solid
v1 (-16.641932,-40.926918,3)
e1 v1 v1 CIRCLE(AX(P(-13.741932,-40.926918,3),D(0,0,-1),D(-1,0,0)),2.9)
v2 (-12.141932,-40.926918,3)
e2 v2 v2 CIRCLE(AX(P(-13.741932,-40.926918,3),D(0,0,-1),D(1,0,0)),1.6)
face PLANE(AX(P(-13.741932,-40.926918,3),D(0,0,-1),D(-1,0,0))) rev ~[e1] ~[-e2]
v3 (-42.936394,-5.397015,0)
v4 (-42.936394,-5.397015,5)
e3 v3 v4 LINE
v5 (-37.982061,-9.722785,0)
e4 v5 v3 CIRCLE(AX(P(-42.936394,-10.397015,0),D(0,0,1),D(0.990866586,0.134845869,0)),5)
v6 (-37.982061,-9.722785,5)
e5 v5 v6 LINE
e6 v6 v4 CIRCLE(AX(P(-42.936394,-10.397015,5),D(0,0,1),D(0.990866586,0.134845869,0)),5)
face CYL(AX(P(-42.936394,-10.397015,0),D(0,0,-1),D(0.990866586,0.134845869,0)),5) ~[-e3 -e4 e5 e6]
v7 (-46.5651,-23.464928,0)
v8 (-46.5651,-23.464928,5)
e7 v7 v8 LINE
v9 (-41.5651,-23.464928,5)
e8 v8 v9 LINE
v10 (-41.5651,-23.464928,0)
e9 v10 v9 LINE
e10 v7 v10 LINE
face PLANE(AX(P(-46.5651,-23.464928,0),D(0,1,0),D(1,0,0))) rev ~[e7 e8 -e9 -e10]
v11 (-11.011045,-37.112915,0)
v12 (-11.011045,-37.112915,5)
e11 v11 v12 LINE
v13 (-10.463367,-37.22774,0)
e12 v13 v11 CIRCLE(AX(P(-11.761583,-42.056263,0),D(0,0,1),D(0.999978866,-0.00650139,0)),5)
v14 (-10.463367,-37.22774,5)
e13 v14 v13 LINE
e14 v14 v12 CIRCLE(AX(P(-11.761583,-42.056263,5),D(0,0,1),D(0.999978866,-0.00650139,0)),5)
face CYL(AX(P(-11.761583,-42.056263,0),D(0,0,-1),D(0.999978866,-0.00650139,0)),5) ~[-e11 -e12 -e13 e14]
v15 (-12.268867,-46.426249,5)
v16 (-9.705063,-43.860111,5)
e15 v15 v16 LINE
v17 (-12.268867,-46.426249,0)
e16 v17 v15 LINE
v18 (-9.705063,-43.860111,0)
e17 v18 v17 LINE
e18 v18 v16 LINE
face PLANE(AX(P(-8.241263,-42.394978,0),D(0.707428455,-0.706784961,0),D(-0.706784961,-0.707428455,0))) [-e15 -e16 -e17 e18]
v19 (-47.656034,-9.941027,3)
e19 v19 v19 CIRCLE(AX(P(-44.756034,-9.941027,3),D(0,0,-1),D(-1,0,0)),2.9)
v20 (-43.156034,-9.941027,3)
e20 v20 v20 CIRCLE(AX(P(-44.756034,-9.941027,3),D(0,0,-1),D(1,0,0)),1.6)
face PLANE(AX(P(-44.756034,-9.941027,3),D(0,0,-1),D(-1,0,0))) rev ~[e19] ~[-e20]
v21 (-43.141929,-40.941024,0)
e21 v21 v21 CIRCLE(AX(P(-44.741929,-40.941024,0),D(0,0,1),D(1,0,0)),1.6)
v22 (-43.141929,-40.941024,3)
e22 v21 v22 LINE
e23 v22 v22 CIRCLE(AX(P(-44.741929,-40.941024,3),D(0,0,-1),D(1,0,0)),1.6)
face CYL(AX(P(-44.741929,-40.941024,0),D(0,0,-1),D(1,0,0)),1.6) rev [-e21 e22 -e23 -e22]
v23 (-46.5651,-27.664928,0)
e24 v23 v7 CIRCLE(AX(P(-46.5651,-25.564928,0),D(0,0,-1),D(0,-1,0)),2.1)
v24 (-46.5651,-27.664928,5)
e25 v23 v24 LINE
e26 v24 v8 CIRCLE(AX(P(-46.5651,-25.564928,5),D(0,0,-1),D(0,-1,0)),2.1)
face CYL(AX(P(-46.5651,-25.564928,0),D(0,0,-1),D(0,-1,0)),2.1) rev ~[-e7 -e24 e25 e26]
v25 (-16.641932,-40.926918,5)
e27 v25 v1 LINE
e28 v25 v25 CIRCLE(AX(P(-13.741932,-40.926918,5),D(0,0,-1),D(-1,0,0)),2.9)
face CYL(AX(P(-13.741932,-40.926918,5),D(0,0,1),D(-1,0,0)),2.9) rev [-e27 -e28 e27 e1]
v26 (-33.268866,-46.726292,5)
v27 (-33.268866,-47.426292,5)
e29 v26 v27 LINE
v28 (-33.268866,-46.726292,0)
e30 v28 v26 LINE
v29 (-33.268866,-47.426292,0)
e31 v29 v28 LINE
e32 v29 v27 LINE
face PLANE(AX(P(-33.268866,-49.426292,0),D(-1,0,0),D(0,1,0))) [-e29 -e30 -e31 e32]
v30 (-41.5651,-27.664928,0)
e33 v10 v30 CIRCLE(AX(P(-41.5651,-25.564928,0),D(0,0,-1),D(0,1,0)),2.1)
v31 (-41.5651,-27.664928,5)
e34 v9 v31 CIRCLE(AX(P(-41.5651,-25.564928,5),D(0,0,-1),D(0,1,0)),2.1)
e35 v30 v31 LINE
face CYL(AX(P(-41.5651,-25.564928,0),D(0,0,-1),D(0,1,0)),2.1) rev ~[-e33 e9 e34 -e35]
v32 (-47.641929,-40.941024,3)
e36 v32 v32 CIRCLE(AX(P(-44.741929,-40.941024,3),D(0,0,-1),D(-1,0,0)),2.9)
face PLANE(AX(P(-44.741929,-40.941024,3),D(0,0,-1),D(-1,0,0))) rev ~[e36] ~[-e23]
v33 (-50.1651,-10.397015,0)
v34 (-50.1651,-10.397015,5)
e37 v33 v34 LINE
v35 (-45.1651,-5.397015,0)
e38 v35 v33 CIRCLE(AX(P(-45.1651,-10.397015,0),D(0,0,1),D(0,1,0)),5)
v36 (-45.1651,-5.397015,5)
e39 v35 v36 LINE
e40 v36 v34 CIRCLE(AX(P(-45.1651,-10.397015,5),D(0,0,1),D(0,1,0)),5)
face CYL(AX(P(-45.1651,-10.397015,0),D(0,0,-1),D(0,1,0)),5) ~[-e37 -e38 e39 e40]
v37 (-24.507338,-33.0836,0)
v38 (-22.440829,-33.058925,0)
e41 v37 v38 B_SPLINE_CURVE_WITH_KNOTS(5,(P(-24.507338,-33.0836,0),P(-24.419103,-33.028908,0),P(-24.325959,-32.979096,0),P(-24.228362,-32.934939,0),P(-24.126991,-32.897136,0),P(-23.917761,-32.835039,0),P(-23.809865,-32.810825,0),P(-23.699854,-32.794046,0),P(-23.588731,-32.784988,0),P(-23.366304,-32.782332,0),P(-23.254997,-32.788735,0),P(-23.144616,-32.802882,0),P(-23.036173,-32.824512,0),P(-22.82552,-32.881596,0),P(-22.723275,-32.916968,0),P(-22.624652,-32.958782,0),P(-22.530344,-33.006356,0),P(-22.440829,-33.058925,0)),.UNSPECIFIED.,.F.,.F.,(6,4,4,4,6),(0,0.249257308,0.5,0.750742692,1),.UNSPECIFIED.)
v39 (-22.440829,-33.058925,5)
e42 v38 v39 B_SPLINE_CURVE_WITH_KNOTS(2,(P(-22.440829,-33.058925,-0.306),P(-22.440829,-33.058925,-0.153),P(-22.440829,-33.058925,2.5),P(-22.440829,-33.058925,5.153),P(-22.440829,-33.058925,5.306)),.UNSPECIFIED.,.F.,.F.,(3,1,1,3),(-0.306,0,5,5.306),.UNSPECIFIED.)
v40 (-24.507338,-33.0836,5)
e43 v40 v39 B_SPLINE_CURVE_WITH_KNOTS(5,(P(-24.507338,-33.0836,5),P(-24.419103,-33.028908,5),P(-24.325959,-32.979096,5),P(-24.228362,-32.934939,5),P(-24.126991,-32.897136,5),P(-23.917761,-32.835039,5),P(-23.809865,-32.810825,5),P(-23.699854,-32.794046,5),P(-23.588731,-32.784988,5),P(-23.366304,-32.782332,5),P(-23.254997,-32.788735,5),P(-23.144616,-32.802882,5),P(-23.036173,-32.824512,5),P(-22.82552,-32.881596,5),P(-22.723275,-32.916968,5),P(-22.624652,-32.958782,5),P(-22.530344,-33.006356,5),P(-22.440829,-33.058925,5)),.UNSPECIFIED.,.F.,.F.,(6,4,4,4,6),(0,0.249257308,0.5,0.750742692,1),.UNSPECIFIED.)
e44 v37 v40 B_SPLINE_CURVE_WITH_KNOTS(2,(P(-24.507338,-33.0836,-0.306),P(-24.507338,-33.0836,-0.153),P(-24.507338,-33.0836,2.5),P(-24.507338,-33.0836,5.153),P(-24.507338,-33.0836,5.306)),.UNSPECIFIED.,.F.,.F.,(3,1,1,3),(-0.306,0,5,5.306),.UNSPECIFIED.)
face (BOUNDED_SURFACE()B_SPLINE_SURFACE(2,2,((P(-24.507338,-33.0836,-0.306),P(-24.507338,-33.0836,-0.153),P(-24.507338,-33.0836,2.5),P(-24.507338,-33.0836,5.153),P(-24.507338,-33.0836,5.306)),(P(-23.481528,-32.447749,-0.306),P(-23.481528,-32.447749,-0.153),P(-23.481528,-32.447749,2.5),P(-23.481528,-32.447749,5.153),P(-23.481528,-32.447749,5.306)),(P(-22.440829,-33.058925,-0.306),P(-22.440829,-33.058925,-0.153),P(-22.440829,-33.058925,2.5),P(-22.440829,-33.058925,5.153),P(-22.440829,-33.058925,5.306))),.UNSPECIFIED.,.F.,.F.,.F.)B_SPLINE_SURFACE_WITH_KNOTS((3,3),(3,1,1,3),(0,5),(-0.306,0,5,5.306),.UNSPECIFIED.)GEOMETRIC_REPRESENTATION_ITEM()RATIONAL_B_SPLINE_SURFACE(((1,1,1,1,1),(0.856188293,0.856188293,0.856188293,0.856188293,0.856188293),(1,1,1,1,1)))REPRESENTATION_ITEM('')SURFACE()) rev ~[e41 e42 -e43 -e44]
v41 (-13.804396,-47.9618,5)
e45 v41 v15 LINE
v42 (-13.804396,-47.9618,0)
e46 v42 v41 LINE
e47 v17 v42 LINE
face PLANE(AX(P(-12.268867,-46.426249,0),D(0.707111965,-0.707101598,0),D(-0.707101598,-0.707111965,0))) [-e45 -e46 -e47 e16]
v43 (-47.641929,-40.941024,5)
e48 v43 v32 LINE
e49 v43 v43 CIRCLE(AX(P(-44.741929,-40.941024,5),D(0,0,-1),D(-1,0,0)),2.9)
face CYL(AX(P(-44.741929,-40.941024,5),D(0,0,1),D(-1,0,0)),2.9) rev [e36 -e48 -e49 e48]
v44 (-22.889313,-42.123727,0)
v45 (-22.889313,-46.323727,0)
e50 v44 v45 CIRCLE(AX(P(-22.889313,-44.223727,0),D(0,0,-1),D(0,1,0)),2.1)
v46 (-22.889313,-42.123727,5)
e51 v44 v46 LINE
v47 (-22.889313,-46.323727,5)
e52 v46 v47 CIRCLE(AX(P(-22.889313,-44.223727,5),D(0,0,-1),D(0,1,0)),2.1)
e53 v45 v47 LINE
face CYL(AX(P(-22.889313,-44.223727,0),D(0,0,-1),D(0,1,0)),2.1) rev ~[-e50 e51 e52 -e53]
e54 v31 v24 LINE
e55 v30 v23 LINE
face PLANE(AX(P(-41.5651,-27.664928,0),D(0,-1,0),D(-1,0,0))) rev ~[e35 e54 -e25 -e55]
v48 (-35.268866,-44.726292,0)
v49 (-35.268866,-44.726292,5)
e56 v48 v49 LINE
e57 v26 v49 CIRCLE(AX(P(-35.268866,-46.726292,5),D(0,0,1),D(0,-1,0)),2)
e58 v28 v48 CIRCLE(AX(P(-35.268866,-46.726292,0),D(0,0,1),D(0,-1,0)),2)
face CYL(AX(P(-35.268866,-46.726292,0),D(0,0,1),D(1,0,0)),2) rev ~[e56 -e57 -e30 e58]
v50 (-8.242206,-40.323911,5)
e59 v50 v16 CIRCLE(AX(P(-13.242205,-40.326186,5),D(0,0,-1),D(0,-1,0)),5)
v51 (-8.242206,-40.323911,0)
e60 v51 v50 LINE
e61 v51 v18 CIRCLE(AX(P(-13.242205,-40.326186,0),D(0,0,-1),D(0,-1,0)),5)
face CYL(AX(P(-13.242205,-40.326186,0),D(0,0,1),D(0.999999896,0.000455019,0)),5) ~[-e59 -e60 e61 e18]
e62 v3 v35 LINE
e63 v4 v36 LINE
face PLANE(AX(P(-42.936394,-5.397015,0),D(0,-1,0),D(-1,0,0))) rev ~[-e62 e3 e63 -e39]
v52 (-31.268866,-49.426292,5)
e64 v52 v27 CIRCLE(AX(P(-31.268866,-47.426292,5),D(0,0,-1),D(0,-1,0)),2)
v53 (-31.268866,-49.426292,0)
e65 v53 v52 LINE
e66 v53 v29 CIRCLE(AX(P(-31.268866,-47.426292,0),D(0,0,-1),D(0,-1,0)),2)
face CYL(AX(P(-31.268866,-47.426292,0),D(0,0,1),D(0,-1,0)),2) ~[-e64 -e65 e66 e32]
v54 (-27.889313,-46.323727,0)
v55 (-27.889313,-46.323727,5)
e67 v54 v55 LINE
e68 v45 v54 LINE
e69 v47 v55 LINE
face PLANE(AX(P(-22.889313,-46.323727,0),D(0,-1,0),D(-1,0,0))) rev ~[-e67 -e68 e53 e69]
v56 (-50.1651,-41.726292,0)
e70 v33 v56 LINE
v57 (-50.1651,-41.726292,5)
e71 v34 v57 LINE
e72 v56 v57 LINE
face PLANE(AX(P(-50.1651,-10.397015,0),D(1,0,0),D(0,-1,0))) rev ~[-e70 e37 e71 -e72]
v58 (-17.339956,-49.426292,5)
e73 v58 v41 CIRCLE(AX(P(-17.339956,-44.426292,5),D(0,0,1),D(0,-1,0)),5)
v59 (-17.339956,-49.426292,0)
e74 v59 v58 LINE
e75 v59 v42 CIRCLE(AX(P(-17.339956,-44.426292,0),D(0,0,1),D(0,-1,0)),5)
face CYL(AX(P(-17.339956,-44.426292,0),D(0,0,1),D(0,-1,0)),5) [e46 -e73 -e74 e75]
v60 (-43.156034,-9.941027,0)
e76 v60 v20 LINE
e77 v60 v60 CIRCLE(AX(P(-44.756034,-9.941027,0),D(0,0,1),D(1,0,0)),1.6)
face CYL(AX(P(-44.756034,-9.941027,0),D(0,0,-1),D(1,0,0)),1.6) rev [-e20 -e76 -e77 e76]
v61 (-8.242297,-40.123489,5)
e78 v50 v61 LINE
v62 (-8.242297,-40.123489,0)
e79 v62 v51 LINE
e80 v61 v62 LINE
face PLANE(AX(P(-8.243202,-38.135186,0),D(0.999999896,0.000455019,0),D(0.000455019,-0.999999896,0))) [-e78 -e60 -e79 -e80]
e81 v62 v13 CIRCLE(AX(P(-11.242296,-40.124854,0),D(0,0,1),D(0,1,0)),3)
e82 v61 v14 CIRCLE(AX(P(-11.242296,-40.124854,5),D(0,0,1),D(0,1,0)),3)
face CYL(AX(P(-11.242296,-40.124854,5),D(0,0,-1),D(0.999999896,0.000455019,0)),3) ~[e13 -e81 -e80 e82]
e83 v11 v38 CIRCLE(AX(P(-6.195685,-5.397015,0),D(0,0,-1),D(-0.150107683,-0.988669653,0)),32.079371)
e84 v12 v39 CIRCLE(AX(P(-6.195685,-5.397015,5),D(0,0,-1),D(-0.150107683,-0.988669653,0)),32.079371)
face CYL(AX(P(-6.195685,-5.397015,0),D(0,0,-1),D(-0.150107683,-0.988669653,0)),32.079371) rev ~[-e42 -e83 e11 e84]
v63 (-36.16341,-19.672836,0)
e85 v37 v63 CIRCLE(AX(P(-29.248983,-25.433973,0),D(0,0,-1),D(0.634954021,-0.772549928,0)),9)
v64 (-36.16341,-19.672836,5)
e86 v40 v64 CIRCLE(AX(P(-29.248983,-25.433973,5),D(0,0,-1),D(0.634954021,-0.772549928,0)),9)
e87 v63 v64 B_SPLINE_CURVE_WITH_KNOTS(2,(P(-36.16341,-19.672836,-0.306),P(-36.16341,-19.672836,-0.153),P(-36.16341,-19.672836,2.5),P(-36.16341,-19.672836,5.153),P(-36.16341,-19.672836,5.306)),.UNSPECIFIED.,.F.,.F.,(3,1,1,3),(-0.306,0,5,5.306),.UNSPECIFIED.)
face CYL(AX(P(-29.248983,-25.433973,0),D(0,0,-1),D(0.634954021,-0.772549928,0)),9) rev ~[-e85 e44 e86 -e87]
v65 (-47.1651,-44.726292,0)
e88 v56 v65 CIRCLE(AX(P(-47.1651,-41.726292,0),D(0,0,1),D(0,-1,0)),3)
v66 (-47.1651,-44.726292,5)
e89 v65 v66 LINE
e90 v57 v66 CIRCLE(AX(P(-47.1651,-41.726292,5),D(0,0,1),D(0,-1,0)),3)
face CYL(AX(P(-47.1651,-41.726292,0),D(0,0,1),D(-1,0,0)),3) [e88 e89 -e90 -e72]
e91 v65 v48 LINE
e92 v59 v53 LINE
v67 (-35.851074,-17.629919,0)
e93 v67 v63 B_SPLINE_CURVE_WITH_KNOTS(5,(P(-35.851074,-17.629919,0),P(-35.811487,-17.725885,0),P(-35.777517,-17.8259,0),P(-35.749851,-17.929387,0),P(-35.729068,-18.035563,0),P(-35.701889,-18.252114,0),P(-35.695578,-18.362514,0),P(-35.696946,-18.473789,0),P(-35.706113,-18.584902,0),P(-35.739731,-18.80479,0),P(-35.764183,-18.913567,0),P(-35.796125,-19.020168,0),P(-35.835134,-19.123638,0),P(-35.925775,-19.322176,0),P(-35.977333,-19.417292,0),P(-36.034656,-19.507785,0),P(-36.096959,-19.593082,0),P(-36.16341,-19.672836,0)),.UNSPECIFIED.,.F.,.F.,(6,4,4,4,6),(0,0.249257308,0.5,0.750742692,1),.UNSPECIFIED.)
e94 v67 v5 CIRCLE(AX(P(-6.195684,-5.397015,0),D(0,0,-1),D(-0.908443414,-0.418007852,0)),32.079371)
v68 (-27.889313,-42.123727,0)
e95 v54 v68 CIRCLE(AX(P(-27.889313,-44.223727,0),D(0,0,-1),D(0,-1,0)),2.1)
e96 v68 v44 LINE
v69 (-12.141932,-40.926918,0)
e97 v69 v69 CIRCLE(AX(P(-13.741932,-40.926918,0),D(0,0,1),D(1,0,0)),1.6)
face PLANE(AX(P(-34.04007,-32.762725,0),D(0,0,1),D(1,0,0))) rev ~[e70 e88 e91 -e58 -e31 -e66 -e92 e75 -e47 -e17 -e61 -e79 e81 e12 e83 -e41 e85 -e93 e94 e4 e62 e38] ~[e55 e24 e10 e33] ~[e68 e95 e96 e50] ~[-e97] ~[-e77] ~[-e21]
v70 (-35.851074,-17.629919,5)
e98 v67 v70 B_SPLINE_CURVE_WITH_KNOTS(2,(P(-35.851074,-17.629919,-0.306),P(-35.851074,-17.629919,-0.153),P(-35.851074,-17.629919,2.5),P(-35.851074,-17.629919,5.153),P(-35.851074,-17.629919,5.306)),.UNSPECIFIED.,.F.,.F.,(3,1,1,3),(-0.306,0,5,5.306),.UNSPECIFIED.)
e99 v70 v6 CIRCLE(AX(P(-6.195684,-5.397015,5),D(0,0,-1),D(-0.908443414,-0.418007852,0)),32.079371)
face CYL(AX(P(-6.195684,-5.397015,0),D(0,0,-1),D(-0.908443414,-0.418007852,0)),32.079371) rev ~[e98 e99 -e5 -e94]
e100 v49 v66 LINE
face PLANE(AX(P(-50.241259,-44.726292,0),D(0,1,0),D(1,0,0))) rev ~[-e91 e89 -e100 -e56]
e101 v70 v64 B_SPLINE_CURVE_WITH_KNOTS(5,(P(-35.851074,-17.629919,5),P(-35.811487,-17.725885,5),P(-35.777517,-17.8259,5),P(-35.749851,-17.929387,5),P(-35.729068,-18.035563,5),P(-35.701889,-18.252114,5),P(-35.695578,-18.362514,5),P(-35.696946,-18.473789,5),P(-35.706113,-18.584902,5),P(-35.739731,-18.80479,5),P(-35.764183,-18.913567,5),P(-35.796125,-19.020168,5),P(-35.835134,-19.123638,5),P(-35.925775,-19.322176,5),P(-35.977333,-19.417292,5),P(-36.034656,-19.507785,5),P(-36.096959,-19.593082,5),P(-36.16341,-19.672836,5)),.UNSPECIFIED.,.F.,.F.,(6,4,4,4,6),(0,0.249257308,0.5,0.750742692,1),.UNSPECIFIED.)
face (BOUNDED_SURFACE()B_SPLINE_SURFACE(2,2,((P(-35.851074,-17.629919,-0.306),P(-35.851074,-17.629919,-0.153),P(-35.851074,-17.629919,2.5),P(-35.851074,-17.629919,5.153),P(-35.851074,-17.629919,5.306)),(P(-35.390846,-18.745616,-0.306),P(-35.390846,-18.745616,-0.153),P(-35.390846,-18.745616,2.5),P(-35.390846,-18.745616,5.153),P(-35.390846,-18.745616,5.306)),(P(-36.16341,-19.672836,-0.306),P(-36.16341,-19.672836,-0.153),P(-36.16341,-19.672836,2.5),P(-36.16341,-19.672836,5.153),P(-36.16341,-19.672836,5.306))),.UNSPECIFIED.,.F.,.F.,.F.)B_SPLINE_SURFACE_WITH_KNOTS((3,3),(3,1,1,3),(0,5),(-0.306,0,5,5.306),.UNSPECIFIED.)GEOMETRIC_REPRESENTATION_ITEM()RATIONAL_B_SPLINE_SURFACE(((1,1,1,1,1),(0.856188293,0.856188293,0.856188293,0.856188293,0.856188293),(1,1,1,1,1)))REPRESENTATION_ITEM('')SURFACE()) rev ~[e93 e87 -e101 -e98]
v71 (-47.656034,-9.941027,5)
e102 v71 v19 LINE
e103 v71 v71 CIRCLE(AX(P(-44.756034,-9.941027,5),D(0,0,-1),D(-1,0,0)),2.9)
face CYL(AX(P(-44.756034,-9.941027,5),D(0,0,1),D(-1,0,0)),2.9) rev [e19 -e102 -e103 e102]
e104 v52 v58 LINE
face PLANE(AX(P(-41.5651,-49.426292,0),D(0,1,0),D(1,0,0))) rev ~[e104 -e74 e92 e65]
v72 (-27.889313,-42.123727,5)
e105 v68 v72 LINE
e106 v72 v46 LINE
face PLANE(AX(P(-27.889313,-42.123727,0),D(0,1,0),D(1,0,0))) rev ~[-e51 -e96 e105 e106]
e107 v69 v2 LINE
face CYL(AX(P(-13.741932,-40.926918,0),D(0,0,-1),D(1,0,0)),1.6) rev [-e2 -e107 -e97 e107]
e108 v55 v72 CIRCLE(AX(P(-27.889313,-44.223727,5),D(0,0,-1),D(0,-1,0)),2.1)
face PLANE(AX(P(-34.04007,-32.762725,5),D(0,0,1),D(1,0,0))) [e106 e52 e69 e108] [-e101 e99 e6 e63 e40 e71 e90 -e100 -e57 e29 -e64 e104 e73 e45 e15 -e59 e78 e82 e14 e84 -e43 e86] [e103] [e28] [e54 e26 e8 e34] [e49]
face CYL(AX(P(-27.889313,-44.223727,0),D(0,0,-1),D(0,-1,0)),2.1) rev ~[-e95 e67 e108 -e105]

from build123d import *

# Parameters (mm, degrees)
SKETCH_1_R          = 1.6
EXTRUDE_1_DEPTH     = 5
SKETCH_2_R          = 2.9
CUT_EXTRUDE_1_DEPTH = 2
CUT_EXTRUDE_3_DEPTH = 71.600960604
FILLET_1_R          = 5
FILLET_2_R          = 3
FILLET_4_R          = 2
FILLET_6_R          = 2
FILLET_7_R          = 2
FILLET_8_R          = 3


with BuildPart() as part:
    # 草图1 → 凸台-拉伸1 (new body)
    with BuildSketch(Plane.XY):
        with BuildLine():
            Line((-41.565100182, -49.426292213), (-39.485969284, -49.426292213))
            Line((-39.485969284, -49.426292213), (-13.65407564, -49.426292213))
            Line((-13.65407564, -49.426292213), (-11.764178943, -49.426292213))
            ThreePointArc((-11.764178943, -49.426292213), (-8.228645037, -47.961826119), (-6.764178943, -44.426292213))
            Line((-6.764178943, -44.426292213), (-6.764178943, -42.471801942))
            Line((-6.764178943, -42.471801942), (-6.761688654, -42.088770435))
            ThreePointArc((-6.761688654, -42.088770435), (-7.959392434, -38.809211433), (-11.011044569, -37.112915219))
            ThreePointArc((-11.011044569, -37.112915219), (-17.52195854, -35.410370983), (-23.534396799, -32.386921995))
            ThreePointArc((-23.534396799, -32.386921995), (-36.041802291, -31.338005667), (-35.33797784, -18.806443564))
            ThreePointArc((-35.33797784, -18.806443564), (-36.996722237, -14.362622261), (-37.982061376, -9.722785245))
            ThreePointArc((-37.982061376, -9.722785245), (-39.647864751, -6.630640555), (-42.936394307, -5.397014589))
            Line((-42.936394307, -5.397014589), (-45.165100182, -5.397014589))
            ThreePointArc((-45.165100182, -5.397014589), (-48.700634088, -6.861480683), (-50.165100182, -10.397014589))
            Line((-50.165100182, -10.397014589), (-50.165100182, -15.397014589))
            Line((-50.165100182, -15.397014589), (-50.165100182, -25.564927735))
            Line((-50.165100182, -25.564927735), (-50.165100182, -38.747161315))
            Line((-50.165100182, -38.747161315), (-50.165100182, -41.426292213))
            Line((-50.165100182, -41.426292213), (-50.165100182, -46.426292213))
            Line((-50.165100182, -46.426292213), (-45.165100182, -46.426292213))
            Line((-45.165100182, -46.426292213), (-41.565100182, -46.426292213))
            Line((-41.565100182, -46.426292213), (-41.565100182, -49.426292213))
        make_face()
        with Locations((-44.74192859, -40.941023834)):
            Circle(SKETCH_1_R, mode=Mode.SUBTRACT)
        with BuildLine():
            ThreePointArc((-27.889312547, -46.323727421), (-29.989312547, -44.223727421), (-27.889312547, -42.123727421))
            Line((-27.889312547, -42.123727421), (-22.889312547, -42.123727421))
            ThreePointArc((-22.889312547, -42.123727421), (-20.789312547, -44.223727421), (-22.889312547, -46.323727421))
            Line((-22.889312547, -46.323727421), (-27.889312547, -46.323727421))
        make_face(mode=Mode.SUBTRACT)
        with Locations((-13.741931799, -40.926918244)):
            Circle(SKETCH_1_R, mode=Mode.SUBTRACT)
        with BuildLine():
            ThreePointArc((-46.565100182, -27.664927735), (-48.665100182, -25.564927735), (-46.565100182, -23.464927735))
            Line((-46.565100182, -23.464927735), (-41.565100182, -23.464927735))
            ThreePointArc((-41.565100182, -23.464927735), (-39.465100182, -25.564927735), (-41.565100182, -27.664927735))
            Line((-41.565100182, -27.664927735), (-46.565100182, -27.664927735))
        make_face(mode=Mode.SUBTRACT)
        with Locations((-44.756034179, -9.941027044)):
            Circle(SKETCH_1_R, mode=Mode.SUBTRACT)
    extrude(amount=EXTRUDE_1_DEPTH)

    # 草图2 → 切除-拉伸1 (cut)
    with BuildSketch(Plane(origin=(0, 0, 5), x_dir=(-1, 0, 0), z_dir=(0, 0, -1))):
        with Locations((44.756034179, -9.941027044)):
            Circle(SKETCH_2_R)
        with Locations((44.74192859, -40.941023834)):
            Circle(SKETCH_2_R)
        with Locations((13.741931799, -40.926918244)):
            Circle(SKETCH_2_R)
    extrude(amount=CUT_EXTRUDE_1_DEPTH, mode=Mode.SUBTRACT)

    # 草图3 → 切除-拉伸3 (cut, through all)
    with BuildSketch(Plane(origin=(0, 0, 0), x_dir=(-1, 0, 0), z_dir=(0, 0, -1))):
        Polygon((8.241263234, -42.394978236), (12.268866598, -46.426248541), (15.268866287, -49.426292213), (33.268866287, -49.426292213), (33.268866287, -44.726292213), (48.610476999, -44.726292213), (50.241258886, -44.726292213), (50.241258886, -51.356689398), (5.002855071, -51.356689398), (5.002855071, -38.135185544), (8.243201521, -38.135185544), align=None)
    extrude(amount=-CUT_EXTRUDE_3_DEPTH, mode=Mode.SUBTRACT)

    # 圆角1
    fillet_1_edges = [part.edges().sort_by_distance(p)[0] for p in [
        (-8.241263234, -42.394978236, 2.5),
        (-15.268866287, -49.426292213, 2.5),
    ]]
    fillet(fillet_1_edges, radius=FILLET_1_R)

    # 圆角2
    fillet_2_edges = [part.edges().sort_by_distance(p)[0] for p in [
        (-8.243033782, -38.503826079, 2.5),
    ]]
    fillet(fillet_2_edges, radius=FILLET_2_R)

    # 圆角4
    fillet_4_edges = [part.edges().sort_by_distance(p)[0] for p in [
        (-33.268866287, -49.426292213, 2.5),
    ]]
    fillet(fillet_4_edges, radius=FILLET_4_R)

    # 圆角6
    fillet_6_edges = [part.edges().sort_by_distance(p)[0] for p in [
        (-33.268866287, -44.726292213, 2.5),
    ]]
    fillet(fillet_6_edges, radius=FILLET_6_R)

    # 圆角7
    fillet_7_edges = [part.edges().sort_by_distance(p)[0] for p in [
        (-23.534396799, -32.386921995, 2.5),
        (-35.33797784, -18.806443564, 2.5),
    ]]
    fillet(fillet_7_edges, radius=FILLET_7_R)

    # 圆角8
    fillet_8_edges = [part.edges().sort_by_distance(p)[0] for p in [
        (-50.165100182, -44.726292213, 2.5),
    ]]
    fillet(fillet_8_edges, radius=FILLET_8_R)


solid = part.part
